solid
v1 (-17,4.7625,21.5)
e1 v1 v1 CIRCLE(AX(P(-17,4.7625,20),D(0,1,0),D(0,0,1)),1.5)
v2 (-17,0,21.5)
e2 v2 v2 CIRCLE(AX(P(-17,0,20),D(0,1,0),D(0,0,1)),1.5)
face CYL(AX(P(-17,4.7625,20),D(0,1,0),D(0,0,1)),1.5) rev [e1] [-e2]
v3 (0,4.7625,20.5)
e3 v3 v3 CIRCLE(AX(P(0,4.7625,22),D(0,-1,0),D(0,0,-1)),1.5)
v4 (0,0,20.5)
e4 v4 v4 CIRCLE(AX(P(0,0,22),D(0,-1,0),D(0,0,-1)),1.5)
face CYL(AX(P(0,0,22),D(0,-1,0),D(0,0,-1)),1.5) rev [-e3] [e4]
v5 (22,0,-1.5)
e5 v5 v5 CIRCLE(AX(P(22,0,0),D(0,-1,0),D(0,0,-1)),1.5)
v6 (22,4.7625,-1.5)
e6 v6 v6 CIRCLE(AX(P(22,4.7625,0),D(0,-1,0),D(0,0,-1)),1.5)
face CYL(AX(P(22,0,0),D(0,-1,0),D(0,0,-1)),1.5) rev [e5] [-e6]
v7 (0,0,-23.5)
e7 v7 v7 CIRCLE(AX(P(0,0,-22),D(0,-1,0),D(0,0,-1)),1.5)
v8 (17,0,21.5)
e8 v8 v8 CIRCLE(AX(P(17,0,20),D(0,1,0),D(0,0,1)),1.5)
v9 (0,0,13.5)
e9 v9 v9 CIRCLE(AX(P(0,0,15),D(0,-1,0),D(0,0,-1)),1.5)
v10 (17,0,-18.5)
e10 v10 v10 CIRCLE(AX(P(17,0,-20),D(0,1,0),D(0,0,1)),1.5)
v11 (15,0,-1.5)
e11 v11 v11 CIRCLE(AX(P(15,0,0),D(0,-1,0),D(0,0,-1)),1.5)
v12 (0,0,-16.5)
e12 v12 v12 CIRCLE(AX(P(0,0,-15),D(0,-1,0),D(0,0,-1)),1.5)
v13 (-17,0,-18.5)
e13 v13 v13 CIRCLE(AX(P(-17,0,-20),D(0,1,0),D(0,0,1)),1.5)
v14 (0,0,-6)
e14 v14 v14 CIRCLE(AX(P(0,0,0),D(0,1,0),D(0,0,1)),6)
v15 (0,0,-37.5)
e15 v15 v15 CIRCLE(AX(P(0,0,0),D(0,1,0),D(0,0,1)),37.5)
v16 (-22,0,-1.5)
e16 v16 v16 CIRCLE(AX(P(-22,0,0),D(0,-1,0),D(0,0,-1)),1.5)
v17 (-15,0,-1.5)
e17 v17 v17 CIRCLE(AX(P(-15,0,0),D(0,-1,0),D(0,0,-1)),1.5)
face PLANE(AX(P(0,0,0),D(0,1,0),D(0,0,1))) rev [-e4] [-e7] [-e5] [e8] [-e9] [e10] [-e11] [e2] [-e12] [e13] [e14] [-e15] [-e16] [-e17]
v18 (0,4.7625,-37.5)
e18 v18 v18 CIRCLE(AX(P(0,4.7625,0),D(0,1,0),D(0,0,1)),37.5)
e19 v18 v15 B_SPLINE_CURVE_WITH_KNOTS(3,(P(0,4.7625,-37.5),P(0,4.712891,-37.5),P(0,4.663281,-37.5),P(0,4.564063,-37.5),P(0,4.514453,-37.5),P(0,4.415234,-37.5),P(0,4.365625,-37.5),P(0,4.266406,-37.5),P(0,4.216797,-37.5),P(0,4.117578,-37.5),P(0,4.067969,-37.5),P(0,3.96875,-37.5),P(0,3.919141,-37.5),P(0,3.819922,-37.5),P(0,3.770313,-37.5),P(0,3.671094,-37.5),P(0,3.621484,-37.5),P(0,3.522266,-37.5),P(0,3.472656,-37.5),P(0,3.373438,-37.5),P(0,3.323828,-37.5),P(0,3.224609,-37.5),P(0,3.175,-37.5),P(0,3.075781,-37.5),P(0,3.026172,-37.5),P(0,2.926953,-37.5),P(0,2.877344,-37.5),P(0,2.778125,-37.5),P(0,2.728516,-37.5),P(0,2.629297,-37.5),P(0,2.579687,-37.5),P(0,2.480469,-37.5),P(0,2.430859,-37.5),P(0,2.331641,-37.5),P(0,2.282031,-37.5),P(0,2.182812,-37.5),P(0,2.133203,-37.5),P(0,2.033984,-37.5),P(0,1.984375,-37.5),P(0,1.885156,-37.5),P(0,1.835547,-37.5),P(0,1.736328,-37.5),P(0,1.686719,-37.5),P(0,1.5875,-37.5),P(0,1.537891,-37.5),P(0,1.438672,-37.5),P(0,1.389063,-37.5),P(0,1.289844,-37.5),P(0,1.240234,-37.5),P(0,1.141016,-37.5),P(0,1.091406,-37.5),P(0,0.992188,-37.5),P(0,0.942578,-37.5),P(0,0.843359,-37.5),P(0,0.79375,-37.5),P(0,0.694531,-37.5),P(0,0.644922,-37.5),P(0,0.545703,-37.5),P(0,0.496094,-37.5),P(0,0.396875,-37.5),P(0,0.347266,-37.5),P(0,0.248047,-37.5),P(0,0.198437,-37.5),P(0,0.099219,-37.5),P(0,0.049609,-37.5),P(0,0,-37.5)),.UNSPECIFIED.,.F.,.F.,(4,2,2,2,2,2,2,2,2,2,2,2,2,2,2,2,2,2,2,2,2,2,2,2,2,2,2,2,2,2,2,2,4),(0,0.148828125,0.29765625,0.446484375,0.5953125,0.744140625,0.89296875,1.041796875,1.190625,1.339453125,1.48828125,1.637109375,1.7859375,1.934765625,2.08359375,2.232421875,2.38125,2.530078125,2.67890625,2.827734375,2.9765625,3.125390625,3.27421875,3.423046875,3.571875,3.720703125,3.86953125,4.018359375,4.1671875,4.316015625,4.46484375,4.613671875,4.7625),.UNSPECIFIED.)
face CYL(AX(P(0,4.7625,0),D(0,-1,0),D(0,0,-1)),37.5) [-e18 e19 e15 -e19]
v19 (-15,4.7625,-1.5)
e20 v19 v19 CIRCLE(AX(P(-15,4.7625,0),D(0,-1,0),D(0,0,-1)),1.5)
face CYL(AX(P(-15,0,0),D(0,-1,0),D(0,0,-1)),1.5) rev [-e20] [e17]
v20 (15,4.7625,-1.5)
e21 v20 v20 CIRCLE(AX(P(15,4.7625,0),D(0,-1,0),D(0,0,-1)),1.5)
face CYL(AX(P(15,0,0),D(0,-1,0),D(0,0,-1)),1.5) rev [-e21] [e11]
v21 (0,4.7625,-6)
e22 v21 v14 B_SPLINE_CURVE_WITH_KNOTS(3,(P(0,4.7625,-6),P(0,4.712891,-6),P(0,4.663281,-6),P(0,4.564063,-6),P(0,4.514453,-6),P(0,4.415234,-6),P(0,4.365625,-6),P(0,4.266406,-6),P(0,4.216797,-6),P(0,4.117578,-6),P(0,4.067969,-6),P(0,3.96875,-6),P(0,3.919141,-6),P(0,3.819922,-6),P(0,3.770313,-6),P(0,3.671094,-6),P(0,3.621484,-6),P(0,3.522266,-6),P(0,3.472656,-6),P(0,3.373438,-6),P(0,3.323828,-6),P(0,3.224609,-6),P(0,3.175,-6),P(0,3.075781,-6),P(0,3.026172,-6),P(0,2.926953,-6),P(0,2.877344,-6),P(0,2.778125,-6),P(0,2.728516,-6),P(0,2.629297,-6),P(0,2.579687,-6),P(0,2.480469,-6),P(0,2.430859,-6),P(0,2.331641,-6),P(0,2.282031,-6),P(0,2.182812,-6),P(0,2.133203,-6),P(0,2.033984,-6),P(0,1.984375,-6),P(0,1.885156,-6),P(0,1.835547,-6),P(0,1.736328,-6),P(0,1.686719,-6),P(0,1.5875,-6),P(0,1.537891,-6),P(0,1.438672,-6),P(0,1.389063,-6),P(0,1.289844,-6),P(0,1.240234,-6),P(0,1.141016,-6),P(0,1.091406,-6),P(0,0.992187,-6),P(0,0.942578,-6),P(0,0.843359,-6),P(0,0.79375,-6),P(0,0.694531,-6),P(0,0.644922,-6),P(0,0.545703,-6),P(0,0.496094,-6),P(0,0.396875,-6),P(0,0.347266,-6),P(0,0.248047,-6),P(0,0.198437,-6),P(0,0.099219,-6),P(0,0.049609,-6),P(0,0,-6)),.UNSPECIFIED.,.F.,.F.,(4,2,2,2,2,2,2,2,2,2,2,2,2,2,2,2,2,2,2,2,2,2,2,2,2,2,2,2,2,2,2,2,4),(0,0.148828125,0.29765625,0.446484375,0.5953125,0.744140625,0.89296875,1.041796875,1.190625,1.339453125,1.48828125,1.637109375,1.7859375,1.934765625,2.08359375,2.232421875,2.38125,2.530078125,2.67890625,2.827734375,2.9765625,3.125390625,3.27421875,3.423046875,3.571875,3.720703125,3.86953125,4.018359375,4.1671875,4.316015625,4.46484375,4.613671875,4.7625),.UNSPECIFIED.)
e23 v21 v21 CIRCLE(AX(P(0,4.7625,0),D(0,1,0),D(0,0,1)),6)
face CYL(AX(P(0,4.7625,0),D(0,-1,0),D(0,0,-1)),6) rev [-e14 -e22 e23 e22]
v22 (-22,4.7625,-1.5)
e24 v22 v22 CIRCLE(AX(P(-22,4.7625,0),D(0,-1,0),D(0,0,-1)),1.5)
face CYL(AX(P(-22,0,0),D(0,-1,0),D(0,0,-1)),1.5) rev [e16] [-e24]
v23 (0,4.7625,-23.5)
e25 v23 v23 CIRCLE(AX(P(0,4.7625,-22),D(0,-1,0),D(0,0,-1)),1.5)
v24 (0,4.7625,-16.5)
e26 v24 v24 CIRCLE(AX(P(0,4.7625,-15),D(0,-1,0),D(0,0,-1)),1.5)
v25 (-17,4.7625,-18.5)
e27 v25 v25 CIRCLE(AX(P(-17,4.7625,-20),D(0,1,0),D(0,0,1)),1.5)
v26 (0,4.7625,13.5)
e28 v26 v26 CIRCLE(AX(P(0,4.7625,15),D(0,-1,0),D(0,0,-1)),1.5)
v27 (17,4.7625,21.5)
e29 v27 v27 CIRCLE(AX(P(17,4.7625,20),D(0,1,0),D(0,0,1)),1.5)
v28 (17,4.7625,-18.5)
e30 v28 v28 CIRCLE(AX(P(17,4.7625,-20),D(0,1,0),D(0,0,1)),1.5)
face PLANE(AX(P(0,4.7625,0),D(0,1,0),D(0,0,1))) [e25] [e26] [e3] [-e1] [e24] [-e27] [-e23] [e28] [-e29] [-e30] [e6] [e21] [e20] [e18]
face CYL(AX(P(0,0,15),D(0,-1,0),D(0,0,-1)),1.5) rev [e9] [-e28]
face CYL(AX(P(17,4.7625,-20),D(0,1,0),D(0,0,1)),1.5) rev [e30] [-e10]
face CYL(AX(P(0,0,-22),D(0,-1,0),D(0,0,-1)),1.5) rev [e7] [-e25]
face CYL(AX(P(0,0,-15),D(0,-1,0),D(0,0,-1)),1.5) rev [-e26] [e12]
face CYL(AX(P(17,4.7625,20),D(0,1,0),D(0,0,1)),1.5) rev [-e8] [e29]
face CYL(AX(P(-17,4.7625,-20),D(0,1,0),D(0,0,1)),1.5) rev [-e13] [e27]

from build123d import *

# Parameters (mm, degrees)
SKETCH1_R                 = 37.5
SKETCH1_R_2               = 6
BOSS_EXTRUDE1_DEPTH       = 4.7625
F_3_0MM_DOWEL_HOLE1_D     = 3
F_3_0MM_DOWEL_HOLE4_D     = 3
F_3_0MM_DOWEL_HOLE4_DEPTH = 10
F_3_0MM_DOWEL_HOLE4_TIP   = 0.901290929


with BuildPart() as part:
    # Sketch1 → Boss-Extrude1 (new body)
    with BuildSketch(Plane(origin=(0, 0, 0), x_dir=(1, 0, 0), z_dir=(0, 1, 0))):
        with Locations(Location((0, 0, 0), (0, 0, 90))):
            Circle(SKETCH1_R)
        with Locations(Location((0, 0, 0), (0, 0, 90))):
            Circle(SKETCH1_R_2, mode=Mode.SUBTRACT)
    extrude(amount=BOSS_EXTRUDE1_DEPTH)

    # Ø3.0mm Dowel Hole1 (through all)
    with Locations(Plane(origin=(0, 0, 0), x_dir=(-1, 0, 0), z_dir=(0, -1, 0))):
        with Locations((0, 15), (0, 22), (22, 0), (15, 0), (0, -15), (0, -22), (-15, 0), (-22, 0)):
            Hole(F_3_0MM_DOWEL_HOLE1_D / 2)

    # Ø3.0mm Dowel Hole4
    with Locations(Plane(origin=(0, 4.7625, 0), x_dir=(1, 0, 0), z_dir=(0, 1, 0))):
        with Locations((-17, 20), (17, -20), (-17, -20), (17, 20)):
            Hole(F_3_0MM_DOWEL_HOLE4_D / 2, depth=F_3_0MM_DOWEL_HOLE4_DEPTH)
            with Locations((0, 0, -(F_3_0MM_DOWEL_HOLE4_DEPTH + F_3_0MM_DOWEL_HOLE4_TIP / 2))):  # 118° drill point
                Cone(0, F_3_0MM_DOWEL_HOLE4_D / 2, F_3_0MM_DOWEL_HOLE4_TIP, mode=Mode.SUBTRACT)


solid = part.part
